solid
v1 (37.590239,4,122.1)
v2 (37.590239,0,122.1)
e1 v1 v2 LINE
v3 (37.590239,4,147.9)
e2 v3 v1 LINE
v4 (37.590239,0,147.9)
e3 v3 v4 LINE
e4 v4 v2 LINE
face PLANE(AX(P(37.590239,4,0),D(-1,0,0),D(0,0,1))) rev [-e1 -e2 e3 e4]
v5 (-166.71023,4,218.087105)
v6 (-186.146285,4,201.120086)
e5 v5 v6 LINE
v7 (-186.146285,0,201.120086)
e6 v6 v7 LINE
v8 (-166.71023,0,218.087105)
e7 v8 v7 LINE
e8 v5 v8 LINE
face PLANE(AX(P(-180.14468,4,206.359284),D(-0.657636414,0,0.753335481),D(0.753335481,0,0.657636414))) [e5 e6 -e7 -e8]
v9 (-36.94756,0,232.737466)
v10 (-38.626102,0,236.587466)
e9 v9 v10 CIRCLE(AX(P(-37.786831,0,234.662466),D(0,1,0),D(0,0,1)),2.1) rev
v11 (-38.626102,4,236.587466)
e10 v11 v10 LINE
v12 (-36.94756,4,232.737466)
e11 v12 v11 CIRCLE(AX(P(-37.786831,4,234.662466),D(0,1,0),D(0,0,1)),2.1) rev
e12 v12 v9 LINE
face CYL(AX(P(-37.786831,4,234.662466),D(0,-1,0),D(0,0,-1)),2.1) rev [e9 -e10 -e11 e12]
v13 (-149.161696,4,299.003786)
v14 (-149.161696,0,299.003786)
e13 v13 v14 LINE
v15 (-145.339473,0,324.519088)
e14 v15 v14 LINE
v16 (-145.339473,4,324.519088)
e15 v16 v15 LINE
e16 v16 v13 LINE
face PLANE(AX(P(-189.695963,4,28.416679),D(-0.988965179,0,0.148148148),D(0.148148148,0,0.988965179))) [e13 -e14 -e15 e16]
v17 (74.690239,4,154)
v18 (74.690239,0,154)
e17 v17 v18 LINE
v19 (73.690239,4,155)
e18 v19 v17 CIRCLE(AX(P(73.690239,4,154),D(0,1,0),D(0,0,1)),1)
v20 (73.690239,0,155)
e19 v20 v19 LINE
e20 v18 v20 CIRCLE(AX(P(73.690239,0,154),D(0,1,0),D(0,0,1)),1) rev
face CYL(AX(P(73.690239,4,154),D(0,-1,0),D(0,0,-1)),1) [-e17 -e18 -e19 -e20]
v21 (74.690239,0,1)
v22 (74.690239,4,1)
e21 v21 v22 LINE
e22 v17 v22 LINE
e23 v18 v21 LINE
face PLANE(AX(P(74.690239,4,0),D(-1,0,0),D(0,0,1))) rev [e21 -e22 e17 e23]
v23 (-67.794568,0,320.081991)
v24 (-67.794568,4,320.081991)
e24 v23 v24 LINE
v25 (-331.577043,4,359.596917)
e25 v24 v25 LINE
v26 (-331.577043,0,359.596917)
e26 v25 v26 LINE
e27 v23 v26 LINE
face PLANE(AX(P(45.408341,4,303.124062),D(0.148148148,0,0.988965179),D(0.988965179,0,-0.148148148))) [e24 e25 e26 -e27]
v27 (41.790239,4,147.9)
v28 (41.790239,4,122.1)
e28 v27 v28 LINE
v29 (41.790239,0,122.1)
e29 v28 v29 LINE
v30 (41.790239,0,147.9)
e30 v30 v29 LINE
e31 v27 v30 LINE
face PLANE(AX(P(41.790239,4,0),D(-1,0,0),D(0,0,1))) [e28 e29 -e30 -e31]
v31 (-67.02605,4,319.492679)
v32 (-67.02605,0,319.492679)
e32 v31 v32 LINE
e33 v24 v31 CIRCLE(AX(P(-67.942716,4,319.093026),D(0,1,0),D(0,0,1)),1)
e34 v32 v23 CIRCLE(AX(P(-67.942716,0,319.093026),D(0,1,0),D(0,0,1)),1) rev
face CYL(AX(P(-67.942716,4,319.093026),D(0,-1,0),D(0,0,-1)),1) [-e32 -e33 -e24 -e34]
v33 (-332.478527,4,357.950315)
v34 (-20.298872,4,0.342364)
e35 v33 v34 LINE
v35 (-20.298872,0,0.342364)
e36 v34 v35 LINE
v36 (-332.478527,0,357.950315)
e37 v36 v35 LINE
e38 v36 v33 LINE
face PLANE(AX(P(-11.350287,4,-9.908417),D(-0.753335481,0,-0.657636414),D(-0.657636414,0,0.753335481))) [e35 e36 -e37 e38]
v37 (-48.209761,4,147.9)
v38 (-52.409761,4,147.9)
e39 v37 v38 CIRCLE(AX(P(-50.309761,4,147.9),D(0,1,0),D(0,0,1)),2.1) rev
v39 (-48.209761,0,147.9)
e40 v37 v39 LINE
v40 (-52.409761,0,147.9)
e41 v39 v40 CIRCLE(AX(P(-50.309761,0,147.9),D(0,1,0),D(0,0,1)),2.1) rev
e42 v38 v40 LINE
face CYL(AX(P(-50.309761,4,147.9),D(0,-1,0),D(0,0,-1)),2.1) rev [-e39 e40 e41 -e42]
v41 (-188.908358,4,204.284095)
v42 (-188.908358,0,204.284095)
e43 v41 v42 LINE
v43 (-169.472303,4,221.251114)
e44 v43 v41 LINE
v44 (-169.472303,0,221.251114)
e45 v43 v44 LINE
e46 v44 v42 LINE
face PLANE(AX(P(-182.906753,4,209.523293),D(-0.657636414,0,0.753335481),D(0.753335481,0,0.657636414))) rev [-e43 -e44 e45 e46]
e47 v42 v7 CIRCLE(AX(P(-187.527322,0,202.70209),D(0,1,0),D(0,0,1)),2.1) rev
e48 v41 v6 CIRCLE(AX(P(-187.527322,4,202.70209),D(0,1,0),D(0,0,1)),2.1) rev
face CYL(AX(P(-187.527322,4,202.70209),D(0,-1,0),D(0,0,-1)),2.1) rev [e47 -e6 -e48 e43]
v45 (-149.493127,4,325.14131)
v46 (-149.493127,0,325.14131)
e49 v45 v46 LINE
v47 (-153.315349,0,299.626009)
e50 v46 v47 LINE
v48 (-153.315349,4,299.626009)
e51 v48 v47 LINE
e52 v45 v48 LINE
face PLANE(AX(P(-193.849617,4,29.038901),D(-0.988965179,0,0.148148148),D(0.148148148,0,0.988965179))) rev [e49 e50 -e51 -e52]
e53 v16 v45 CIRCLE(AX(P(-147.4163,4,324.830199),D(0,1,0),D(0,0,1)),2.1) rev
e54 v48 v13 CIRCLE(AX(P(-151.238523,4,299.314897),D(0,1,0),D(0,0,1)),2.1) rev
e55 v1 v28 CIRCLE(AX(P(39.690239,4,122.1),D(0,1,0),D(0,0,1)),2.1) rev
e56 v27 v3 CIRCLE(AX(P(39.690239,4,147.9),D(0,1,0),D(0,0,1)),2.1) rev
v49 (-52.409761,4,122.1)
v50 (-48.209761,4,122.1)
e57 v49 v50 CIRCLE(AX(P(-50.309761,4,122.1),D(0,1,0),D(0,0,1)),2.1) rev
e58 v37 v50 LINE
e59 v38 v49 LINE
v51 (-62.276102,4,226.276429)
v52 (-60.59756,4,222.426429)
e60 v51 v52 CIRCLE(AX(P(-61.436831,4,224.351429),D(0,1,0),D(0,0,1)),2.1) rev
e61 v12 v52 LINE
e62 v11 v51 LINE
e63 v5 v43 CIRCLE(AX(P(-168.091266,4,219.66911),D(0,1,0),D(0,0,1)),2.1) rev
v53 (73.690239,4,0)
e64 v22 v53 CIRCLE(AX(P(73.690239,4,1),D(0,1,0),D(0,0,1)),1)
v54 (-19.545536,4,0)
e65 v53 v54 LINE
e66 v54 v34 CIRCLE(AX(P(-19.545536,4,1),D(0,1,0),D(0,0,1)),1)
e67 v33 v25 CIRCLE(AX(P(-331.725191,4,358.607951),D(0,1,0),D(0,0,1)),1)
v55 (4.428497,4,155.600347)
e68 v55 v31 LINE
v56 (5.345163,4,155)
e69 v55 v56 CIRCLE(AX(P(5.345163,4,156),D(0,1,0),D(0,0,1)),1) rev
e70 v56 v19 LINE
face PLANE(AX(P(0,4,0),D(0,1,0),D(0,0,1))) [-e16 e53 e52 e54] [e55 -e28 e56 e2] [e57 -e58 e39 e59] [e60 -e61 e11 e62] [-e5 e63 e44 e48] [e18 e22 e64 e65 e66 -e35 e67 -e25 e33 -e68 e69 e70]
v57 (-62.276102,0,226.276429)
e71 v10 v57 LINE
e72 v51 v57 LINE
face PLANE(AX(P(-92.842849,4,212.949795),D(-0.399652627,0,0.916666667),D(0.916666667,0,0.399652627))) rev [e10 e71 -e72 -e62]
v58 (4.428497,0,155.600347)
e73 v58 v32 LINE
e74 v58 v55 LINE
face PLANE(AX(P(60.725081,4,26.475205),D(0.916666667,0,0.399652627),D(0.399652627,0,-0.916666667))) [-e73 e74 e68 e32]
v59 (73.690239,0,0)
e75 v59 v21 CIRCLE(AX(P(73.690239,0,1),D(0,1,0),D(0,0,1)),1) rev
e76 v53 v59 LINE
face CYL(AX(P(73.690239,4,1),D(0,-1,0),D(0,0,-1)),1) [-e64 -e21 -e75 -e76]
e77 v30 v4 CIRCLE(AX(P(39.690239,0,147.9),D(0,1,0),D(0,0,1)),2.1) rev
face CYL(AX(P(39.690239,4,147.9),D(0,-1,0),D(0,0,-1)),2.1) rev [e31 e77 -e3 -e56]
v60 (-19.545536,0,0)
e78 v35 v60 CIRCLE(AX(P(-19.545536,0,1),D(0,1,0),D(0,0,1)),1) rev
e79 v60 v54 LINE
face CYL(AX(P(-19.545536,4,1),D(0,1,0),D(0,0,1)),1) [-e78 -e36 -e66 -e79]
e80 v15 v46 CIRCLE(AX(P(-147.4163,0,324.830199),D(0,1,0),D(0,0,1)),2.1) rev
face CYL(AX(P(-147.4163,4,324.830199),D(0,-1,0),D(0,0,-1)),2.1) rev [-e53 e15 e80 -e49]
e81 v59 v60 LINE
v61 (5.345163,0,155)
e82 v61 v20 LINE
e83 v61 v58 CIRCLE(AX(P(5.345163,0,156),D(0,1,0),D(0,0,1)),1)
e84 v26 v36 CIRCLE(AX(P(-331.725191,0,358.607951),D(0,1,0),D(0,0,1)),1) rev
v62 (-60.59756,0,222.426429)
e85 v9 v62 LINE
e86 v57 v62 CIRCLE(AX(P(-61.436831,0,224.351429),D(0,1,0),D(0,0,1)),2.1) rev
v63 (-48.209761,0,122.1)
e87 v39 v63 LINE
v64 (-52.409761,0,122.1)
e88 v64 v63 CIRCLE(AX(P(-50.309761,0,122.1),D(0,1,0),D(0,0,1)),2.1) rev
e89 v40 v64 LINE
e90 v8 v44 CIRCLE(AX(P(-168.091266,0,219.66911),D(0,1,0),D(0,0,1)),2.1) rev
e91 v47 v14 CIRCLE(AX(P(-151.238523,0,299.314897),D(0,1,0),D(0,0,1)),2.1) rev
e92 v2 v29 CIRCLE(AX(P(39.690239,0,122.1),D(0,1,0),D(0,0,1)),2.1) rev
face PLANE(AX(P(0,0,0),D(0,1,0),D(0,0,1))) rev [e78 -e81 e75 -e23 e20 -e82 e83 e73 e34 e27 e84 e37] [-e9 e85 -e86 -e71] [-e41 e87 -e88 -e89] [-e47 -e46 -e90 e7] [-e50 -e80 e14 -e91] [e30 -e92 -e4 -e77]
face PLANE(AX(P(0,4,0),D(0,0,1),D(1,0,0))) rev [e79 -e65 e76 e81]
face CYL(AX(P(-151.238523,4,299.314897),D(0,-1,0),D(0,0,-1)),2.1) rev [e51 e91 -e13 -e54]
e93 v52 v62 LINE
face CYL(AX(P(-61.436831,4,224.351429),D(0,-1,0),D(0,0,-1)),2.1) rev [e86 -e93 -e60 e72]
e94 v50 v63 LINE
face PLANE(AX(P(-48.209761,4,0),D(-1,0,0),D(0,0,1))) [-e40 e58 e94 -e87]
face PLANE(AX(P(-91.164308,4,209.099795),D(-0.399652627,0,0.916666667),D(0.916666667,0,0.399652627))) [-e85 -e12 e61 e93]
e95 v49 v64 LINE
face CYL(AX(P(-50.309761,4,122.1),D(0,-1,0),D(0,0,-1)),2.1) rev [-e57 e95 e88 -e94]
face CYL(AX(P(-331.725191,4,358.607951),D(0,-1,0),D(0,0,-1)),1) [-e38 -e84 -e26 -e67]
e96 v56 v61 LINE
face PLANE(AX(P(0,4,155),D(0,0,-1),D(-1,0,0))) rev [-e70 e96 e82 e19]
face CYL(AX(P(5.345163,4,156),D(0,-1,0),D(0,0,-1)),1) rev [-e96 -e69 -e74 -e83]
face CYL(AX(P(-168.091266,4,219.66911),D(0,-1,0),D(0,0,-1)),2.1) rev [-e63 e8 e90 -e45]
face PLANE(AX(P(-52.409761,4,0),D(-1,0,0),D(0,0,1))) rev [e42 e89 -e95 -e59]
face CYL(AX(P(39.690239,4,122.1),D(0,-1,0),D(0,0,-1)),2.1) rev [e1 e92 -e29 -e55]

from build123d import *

# Parameters (mm, degrees)
BOSS_EXTRUDE1_DEPTH = 4
FILLET1_R           = 1


with BuildPart() as part:
    # Sketch2 → Boss-Extrude1 (new body)
    with BuildSketch(Plane(origin=(0, 0, 0), x_dir=(-1, 0, 0), z_dir=(0, 1, 0))):
        Polygon((-4.690238769, 155), (67.247234081, 320), (334.267832537, 360), (296.347290812, 316.561271604), (20, 0), (0, 0), (-74.690238769, 0), (-74.690238769, 155), align=None)
        with BuildLine():
            Line((-41.790238769, 147.9), (-41.790238769, 122.1))
            ThreePointArc((-41.790238769, 122.1), (-39.690238769, 120), (-37.590238769, 122.1))
            Line((-37.590238769, 122.1), (-37.590238769, 147.9))
            ThreePointArc((-37.590238769, 147.9), (-39.690238769, 150), (-41.790238769, 147.9))
        make_face(mode=Mode.SUBTRACT)
        with BuildLine():
            Line((36.947560473, 232.737466349), (60.597560473, 222.426428574))
            ThreePointArc((60.597560473, 222.426428574), (63.36183099, 223.512158057), (62.276101506, 226.276428574))
            Line((62.276101506, 226.276428574), (38.626101506, 236.587466349))
            ThreePointArc((38.626101506, 236.587466349), (35.86183099, 235.501736865), (36.947560473, 232.737466349))
        make_face(mode=Mode.SUBTRACT)
        with BuildLine():
            Line((48.209761231, 147.9), (48.209761231, 122.1))
            ThreePointArc((48.209761231, 122.1), (50.309761231, 120), (52.409761231, 122.1))
            Line((52.409761231, 122.1), (52.409761231, 147.9))
            ThreePointArc((52.409761231, 147.9), (50.309761231, 150), (48.209761231, 147.9))
        make_face(mode=Mode.SUBTRACT)
        with BuildLine():
            Line((145.339473414, 324.519087967), (149.161695636, 299.003786336))
            ThreePointArc((149.161695636, 299.003786336), (151.549633624, 297.23807057), (153.31534939, 299.626008558))
            Line((153.31534939, 299.626008558), (149.493127167, 325.141310189))
            ThreePointArc((149.493127167, 325.141310189), (147.105189179, 326.907025955), (145.339473414, 324.519087967))
        make_face(mode=Mode.SUBTRACT)
        with BuildLine():
            Line((166.710229804, 218.087105004), (186.146285223, 201.120085532))
            ThreePointArc((186.146285223, 201.120085532), (189.109326203, 201.321053574), (188.908358161, 204.284094554))
            Line((188.908358161, 204.284094554), (169.472302741, 221.251114025))
            ThreePointArc((169.472302741, 221.251114025), (166.509261762, 221.050145983), (166.710229804, 218.087105004))
        make_face(mode=Mode.SUBTRACT)
    extrude(amount=BOSS_EXTRUDE1_DEPTH)

    # Fillet1
    fillet1_edges = [part.edges().sort_by_distance(p)[0] for p in [
        (-20, 2, 0),
        (74.690238769, 2, 0),
        (74.690238769, 2, 155),
        (4.690238769, 2, 155),
        (-67.247234081, 2, 320),
        (-334.267832537, 2, 360),
    ]]
    fillet(fillet1_edges, radius=FILLET1_R)


solid = part.part
